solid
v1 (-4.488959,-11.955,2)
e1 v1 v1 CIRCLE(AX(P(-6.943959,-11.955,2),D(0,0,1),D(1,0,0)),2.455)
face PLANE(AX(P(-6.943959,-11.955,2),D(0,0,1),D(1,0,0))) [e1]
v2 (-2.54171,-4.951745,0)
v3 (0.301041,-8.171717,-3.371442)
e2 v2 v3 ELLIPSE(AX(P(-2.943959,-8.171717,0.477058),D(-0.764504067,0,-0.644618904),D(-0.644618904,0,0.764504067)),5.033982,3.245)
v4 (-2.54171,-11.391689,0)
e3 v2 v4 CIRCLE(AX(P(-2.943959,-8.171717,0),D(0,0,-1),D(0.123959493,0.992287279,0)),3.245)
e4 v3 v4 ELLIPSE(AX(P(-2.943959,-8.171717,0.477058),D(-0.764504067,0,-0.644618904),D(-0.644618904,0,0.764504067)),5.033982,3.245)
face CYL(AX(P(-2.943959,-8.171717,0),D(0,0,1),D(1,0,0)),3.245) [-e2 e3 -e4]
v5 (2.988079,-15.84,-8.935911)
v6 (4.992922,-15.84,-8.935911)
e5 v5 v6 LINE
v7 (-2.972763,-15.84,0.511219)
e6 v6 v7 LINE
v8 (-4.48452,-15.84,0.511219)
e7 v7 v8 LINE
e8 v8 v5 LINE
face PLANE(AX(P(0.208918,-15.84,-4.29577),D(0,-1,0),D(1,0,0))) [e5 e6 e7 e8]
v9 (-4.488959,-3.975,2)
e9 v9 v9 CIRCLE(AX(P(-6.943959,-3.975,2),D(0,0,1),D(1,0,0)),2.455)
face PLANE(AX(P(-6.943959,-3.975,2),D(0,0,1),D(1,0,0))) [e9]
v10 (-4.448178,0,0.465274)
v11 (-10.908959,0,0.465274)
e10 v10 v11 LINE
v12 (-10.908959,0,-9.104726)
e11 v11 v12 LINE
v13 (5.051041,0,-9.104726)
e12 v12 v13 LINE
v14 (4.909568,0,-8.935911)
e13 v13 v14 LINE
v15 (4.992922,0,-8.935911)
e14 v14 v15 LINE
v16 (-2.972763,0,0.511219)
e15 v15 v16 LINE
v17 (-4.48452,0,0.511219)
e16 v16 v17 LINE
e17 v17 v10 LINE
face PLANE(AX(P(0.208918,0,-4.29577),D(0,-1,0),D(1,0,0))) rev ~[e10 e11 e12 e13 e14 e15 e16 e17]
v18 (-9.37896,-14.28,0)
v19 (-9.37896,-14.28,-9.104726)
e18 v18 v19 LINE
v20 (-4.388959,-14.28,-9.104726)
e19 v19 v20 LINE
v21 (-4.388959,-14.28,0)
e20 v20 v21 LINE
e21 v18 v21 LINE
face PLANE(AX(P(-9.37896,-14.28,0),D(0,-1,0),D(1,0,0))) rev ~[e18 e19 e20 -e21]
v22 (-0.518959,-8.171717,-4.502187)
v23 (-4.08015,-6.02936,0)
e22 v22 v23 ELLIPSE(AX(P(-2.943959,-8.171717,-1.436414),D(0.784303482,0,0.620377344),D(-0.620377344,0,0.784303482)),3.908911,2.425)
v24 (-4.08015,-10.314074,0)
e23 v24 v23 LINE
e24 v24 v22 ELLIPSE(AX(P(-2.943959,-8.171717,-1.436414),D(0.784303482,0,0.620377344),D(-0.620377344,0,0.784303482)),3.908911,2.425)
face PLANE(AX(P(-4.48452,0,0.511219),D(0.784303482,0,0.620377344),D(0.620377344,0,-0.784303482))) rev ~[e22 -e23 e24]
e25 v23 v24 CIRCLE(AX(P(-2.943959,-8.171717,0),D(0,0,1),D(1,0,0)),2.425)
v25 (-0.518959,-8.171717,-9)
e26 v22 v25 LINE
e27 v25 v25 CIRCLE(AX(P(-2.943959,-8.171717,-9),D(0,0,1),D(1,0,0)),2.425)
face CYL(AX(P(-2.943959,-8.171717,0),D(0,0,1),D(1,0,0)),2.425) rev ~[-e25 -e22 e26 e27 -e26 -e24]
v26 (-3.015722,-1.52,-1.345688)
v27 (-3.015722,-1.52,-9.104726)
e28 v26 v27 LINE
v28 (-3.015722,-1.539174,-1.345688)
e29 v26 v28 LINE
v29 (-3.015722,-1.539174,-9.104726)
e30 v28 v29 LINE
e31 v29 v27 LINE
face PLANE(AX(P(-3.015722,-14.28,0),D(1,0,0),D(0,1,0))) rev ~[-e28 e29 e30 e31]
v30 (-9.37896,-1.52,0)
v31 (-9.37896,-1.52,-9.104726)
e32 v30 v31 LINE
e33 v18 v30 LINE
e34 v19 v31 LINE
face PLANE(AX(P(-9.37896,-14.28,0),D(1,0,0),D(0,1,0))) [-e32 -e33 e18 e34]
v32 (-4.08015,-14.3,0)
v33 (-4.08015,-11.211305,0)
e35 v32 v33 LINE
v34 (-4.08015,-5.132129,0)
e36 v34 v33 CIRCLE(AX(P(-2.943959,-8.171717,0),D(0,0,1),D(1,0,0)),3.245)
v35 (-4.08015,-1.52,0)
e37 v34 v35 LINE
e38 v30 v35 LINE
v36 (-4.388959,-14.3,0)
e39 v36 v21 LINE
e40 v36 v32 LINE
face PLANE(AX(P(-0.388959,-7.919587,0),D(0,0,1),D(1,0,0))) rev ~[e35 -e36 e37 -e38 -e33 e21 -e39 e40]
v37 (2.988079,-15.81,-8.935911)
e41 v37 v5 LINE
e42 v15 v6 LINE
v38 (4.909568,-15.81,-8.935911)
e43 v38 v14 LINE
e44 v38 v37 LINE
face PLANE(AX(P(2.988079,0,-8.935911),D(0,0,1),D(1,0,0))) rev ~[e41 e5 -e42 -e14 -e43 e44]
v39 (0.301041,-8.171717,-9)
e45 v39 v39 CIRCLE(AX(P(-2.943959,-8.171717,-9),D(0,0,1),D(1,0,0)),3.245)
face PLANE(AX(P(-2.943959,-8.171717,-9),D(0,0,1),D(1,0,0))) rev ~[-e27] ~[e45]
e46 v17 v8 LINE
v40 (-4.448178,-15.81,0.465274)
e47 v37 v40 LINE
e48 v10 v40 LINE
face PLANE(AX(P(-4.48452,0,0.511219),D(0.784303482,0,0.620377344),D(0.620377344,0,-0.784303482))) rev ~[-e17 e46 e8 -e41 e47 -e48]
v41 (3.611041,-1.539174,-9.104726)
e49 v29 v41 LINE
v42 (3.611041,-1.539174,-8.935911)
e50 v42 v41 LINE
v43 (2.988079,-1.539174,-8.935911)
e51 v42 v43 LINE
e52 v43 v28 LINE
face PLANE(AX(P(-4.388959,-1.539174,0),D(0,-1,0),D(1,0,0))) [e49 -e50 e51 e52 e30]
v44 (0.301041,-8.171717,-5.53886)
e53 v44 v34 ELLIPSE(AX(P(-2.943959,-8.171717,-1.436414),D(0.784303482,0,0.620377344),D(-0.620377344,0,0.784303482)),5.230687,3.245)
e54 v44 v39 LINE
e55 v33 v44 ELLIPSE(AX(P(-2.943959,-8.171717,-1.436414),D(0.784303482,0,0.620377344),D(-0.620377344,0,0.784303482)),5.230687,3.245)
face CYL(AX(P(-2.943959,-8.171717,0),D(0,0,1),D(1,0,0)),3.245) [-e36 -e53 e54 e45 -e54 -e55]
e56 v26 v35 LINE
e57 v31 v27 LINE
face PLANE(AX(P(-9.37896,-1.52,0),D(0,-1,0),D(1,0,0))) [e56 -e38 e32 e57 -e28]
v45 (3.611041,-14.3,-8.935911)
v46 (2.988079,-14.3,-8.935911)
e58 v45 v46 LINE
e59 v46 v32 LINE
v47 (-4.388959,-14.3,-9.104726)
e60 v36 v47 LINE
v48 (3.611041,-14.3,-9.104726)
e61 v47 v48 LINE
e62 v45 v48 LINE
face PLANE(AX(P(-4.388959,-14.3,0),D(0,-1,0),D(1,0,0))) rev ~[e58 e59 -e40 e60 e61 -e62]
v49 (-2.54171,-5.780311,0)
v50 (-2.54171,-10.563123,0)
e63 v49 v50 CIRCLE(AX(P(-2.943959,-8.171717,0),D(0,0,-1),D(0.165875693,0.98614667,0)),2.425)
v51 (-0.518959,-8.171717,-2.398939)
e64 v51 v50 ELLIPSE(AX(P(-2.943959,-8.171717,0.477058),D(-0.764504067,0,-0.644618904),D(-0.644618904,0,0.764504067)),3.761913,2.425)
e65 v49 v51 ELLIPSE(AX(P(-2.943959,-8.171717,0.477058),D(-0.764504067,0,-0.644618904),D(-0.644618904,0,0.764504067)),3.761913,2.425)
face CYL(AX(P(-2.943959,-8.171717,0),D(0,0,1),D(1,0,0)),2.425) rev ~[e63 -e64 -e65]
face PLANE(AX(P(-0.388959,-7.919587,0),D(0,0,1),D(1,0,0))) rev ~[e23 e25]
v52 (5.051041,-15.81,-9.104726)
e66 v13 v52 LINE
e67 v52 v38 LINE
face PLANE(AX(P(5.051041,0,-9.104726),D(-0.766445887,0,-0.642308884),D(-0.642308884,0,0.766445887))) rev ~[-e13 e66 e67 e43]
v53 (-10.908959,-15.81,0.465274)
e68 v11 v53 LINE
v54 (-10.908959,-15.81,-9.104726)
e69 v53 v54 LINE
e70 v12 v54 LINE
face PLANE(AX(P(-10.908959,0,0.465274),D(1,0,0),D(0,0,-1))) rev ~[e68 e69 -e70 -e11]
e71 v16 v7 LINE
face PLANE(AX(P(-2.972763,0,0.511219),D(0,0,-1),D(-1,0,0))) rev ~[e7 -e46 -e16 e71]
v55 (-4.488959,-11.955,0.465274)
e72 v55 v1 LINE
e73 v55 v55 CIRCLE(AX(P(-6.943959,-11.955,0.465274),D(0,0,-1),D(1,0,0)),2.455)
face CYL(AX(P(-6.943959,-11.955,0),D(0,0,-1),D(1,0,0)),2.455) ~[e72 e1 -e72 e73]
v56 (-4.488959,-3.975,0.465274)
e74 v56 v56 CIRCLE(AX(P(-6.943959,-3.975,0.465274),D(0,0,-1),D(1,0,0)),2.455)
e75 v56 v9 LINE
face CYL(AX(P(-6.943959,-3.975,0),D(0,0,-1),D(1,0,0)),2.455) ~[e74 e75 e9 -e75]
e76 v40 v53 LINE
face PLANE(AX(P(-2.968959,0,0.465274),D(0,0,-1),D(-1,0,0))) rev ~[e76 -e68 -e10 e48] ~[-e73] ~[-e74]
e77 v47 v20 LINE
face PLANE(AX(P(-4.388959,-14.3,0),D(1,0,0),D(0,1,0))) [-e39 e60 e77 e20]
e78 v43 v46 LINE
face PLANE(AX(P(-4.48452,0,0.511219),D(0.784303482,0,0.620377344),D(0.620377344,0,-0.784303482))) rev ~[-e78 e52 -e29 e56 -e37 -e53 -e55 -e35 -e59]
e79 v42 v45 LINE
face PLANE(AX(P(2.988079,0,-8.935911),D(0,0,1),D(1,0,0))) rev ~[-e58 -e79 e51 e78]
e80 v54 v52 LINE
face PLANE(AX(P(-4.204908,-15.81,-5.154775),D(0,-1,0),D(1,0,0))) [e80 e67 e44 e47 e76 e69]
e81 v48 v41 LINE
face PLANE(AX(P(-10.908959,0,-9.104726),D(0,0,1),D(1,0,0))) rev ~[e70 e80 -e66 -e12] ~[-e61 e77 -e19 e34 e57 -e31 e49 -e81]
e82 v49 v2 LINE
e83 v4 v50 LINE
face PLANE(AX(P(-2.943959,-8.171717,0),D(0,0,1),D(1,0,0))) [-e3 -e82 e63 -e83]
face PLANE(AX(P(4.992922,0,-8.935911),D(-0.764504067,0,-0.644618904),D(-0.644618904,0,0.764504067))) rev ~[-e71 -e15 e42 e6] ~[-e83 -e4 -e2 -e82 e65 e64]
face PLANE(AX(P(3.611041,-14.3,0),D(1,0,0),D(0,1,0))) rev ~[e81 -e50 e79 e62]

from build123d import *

# Parameters (mm, degrees)
F1_DEPTH  = 15.81
F2_R      = 2.455
F3_DEPTH  = 2
F4_W      = 6.363237
F4_H      = 12.76
F5_DEPTH  = 10
F6_W      = 8
F6_H      = 12.760826
F7_DEPTH  = 10
F9_DEPTH  = 15.84
F10_R     = 3.245
F10_R_2   = 2.425
F11_DEPTH = 9


with BuildPart() as f1:
    # F0 (on Front) → F1 (new body)
    with BuildSketch(Plane.XZ):
        Polygon((-2.968959, 0.465274), (-10.908959, 0.465274), (-10.908959, -9.104726), (5.051041, -9.104726), align=None)
    extrude(amount=F1_DEPTH)

    # F2 (on Top) → F3 (join)
    with BuildSketch(Plane.XY):
        with Locations((-6.943959, -3.975)):
            Circle(F2_R)
        with Locations((-6.943959, -11.955)):
            Circle(F2_R)
    extrude(amount=F3_DEPTH)

    # F4 (on Top) → F5 (cut)
    with BuildSketch(Plane.XY):
        with Locations((-6.197341, -7.9)):
            Rectangle(F4_W, F4_H)
    extrude(amount=-F5_DEPTH, mode=Mode.SUBTRACT)

    # F6 (on Top) → F7 (cut)
    with BuildSketch(Plane.XY):
        with Locations((-0.388959, -7.919587)):
            Rectangle(F6_W, F6_H)
    extrude(amount=-F7_DEPTH, mode=Mode.SUBTRACT)

    # F8 (on Front) → F9 (join)
    with BuildSketch(Plane.XZ):
        Polygon((4.992922, -8.935911), (-2.972763, 0.511219), (-4.48452, 0.511219), (2.988079, -8.935911), align=None)
    extrude(amount=F9_DEPTH)

    # F10 (on Top) → F11 (join)
    with BuildSketch(Plane.XY):
        with Locations((-2.943959, -8.171717)):
            Circle(F10_R)
        with Locations((-2.943959, -8.171717)):
            Circle(F10_R_2, mode=Mode.SUBTRACT)
    extrude(amount=-F11_DEPTH)


solid = f1.part
